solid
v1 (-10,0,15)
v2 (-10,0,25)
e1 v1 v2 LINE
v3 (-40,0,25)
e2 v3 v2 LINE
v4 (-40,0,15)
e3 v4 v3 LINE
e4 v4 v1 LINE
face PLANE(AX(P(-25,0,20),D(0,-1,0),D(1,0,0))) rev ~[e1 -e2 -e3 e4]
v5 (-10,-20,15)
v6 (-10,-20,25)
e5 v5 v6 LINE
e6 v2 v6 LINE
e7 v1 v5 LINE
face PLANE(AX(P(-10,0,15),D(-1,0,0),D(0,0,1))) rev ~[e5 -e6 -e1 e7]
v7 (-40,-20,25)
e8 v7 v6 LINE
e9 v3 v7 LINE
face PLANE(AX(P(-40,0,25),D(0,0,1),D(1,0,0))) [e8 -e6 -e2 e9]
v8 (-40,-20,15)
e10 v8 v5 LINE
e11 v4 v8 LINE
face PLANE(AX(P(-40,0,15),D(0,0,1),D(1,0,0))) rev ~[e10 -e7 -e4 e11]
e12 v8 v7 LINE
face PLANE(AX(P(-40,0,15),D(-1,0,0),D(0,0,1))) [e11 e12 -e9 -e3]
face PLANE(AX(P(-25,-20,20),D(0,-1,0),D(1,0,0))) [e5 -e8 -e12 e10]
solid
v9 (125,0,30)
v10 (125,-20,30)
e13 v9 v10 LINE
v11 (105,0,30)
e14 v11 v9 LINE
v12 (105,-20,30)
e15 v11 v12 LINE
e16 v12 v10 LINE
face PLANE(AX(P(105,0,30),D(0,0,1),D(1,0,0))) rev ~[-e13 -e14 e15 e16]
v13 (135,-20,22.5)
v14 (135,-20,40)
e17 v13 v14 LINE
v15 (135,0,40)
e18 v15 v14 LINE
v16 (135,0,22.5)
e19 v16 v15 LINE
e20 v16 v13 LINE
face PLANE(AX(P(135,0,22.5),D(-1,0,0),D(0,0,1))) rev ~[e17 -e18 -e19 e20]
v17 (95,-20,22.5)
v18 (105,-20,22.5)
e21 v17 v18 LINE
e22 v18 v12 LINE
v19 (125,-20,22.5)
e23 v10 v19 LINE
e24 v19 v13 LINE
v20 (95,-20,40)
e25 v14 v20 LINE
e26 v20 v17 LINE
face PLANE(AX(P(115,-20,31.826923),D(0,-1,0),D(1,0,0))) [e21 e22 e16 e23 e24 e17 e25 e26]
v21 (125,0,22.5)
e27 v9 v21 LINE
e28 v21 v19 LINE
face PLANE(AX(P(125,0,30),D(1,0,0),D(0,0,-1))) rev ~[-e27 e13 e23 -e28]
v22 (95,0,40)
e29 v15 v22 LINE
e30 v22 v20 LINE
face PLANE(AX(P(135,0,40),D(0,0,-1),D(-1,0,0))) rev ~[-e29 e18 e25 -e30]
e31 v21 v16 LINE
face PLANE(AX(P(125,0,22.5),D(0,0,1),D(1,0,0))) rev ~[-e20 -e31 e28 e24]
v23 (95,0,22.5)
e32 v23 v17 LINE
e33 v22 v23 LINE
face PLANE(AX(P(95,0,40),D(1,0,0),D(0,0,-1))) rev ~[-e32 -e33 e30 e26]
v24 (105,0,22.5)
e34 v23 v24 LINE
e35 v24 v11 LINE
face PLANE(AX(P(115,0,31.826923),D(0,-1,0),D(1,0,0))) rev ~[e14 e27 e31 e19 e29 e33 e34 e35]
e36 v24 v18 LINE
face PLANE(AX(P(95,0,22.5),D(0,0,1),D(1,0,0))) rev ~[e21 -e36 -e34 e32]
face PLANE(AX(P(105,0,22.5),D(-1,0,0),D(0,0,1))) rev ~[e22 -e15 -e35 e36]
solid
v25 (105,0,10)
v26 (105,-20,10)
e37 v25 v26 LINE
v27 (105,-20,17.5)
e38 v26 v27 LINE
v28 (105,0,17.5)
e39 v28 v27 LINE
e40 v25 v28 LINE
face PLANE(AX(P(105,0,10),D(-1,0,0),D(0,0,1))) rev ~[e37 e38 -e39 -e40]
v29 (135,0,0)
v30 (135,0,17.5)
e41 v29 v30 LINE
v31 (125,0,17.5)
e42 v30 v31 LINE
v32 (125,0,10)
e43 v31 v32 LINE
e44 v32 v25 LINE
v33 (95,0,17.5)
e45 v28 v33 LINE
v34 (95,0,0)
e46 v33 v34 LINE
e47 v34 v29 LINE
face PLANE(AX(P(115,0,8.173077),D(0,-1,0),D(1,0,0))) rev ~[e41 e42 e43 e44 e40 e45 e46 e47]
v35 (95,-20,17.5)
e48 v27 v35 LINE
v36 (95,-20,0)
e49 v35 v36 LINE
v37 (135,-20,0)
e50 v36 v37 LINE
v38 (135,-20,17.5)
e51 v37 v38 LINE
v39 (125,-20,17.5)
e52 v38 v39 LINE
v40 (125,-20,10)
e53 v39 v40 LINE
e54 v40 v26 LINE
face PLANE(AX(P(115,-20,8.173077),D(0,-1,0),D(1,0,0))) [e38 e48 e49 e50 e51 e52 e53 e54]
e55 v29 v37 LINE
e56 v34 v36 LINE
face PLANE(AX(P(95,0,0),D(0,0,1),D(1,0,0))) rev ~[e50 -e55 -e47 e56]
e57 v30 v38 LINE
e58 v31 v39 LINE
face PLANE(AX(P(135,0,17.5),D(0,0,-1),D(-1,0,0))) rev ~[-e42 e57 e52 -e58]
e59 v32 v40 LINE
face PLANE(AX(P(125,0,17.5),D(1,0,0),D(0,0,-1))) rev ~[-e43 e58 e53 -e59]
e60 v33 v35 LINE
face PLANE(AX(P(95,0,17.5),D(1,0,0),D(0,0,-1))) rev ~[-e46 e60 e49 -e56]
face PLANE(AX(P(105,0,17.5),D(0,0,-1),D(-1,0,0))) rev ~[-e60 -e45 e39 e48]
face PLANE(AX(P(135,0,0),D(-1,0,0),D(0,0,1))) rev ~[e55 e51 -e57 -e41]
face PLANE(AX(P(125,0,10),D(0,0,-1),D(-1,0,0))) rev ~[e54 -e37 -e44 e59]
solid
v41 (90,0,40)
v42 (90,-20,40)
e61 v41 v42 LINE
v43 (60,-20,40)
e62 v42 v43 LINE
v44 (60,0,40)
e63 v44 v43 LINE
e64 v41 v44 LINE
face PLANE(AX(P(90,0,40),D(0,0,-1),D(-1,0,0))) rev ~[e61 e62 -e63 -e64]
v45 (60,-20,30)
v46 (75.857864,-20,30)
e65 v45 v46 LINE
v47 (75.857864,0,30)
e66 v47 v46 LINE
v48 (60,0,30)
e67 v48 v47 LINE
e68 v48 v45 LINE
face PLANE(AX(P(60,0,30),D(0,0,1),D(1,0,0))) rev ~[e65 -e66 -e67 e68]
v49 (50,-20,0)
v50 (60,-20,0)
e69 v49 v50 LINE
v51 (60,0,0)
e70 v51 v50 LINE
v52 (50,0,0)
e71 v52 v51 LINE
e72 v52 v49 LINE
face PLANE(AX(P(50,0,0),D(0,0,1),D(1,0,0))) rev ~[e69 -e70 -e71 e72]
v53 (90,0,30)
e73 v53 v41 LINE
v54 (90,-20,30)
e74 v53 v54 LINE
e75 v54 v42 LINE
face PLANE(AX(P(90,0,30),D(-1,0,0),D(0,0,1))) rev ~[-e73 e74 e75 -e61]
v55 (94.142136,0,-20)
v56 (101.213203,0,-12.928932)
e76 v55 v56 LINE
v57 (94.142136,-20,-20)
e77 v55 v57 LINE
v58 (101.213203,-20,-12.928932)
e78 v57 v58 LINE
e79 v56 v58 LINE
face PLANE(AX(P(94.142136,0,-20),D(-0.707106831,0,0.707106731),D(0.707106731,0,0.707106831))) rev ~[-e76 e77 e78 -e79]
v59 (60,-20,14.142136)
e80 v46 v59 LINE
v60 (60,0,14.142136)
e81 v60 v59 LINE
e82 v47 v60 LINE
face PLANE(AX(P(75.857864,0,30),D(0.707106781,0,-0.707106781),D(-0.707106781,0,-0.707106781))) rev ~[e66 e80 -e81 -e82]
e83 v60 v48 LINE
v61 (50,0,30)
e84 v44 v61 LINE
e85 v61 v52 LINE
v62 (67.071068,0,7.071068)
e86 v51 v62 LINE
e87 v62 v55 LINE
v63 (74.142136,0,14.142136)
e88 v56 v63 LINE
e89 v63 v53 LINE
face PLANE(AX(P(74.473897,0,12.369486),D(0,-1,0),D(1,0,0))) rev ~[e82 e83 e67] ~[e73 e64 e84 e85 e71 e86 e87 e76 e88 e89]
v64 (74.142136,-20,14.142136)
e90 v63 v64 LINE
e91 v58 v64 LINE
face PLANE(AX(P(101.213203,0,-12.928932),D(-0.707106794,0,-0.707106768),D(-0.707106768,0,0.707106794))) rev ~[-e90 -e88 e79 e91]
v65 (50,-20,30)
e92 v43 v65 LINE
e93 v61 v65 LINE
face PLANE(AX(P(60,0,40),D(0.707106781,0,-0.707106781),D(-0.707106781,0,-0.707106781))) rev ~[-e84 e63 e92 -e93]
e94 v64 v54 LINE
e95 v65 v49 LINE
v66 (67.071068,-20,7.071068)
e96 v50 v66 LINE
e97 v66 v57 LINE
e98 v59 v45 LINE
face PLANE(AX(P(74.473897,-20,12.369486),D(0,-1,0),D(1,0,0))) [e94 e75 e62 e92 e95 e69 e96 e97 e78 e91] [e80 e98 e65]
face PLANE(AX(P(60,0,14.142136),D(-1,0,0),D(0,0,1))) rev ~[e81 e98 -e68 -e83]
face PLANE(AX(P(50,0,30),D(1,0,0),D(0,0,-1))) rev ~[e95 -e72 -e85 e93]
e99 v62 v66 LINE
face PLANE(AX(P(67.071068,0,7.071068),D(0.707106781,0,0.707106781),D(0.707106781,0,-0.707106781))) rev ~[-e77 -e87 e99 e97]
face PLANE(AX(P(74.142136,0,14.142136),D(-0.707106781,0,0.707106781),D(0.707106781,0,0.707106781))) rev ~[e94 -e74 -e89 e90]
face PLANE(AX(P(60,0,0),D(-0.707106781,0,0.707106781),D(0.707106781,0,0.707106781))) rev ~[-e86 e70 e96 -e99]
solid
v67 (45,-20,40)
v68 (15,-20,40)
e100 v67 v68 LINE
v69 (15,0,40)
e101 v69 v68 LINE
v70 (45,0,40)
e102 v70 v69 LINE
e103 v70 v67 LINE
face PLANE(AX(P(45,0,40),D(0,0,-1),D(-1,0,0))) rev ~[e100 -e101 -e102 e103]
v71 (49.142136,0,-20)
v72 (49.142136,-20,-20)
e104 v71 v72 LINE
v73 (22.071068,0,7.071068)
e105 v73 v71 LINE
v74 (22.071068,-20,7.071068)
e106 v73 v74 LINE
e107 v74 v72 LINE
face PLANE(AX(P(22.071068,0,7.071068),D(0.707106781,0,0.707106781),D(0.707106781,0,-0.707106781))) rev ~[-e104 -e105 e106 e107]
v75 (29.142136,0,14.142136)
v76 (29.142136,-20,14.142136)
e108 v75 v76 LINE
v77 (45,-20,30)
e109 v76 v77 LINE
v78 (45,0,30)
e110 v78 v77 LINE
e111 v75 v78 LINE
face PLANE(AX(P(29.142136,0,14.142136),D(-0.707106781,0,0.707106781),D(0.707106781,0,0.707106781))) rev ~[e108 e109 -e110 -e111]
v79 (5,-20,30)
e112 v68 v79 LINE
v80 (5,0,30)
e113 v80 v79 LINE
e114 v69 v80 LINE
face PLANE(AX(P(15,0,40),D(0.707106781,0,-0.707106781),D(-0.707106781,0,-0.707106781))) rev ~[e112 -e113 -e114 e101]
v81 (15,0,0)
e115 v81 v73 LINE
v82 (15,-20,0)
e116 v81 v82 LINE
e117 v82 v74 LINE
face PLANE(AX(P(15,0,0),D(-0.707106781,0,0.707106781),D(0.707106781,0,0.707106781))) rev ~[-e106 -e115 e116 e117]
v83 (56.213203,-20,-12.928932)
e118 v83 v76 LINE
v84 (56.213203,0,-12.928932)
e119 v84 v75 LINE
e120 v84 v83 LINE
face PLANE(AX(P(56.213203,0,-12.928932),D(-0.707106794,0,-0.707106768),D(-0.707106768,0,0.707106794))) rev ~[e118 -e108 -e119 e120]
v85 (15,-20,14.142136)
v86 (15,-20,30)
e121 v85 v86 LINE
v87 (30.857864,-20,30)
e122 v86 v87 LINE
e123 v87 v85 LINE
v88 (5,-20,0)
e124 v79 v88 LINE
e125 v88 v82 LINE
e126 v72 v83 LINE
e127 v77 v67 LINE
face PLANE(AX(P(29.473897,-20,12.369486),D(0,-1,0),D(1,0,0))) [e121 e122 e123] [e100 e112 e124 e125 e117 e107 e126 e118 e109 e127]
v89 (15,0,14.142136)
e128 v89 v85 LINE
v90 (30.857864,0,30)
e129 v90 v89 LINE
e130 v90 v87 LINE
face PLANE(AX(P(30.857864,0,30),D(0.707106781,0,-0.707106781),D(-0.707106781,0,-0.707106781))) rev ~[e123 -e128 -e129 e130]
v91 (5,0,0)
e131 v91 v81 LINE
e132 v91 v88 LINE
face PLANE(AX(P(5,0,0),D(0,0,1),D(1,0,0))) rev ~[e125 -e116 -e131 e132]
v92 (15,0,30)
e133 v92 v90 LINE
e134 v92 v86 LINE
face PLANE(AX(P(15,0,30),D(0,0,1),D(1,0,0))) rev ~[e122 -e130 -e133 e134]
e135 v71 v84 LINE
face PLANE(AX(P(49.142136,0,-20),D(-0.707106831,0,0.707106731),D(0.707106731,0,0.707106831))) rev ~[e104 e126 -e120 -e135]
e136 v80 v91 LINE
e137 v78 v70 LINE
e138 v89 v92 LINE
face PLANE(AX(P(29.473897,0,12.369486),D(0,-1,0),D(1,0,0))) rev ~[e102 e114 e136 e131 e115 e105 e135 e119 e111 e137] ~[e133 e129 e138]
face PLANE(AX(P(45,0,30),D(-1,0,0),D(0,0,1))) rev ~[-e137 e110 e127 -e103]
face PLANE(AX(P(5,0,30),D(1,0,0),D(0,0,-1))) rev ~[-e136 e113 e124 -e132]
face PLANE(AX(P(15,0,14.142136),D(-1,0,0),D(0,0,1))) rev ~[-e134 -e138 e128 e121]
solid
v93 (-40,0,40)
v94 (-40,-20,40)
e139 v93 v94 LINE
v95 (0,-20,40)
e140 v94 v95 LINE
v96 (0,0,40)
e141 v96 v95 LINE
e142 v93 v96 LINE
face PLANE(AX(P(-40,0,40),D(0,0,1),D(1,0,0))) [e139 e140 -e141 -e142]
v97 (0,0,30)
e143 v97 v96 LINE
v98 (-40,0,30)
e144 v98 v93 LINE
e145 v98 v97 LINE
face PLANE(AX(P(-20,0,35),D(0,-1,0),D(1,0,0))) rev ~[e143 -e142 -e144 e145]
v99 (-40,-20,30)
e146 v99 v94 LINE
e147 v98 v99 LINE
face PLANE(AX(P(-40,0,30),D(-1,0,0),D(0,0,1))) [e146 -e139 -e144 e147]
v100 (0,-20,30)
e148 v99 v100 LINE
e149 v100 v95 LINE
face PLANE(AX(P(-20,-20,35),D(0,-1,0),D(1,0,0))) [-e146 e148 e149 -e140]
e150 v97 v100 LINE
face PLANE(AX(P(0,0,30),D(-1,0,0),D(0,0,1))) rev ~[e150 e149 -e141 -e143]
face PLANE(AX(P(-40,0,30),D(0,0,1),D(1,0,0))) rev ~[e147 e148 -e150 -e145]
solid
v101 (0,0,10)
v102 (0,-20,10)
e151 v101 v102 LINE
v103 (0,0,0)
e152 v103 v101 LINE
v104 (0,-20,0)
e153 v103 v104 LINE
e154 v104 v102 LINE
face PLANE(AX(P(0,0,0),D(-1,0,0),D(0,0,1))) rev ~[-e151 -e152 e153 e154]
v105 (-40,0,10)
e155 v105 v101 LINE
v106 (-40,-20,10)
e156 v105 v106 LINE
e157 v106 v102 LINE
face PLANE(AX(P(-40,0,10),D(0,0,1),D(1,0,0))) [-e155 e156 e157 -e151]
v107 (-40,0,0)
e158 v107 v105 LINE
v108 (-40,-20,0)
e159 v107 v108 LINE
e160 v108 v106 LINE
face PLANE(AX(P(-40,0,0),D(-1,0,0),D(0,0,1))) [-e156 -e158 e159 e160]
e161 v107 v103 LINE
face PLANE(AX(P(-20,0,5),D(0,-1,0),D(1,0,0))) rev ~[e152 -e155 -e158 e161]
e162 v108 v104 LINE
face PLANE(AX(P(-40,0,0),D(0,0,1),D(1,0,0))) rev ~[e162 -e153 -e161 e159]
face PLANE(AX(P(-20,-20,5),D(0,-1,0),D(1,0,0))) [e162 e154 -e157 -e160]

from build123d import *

# Parameters (mm, degrees)
F0_W     = 40
F0_H     = 10
F0_W_2   = 30
F1_DEPTH = 20


with BuildPart() as f1:
    # F0 (on Front) → F1 (new body)
    with BuildSketch(Plane.XZ):
        with Locations((-20, 35)):
            Rectangle(F0_W, F0_H)
        with Locations((-25, 20)):
            Rectangle(F0_W_2, F0_H)
        with Locations((-20, 5)):
            Rectangle(F0_W, F0_H)
        Polygon((5, 30), (5, 0), (15, 0), (22.071068, 7.071068), (49.142136, -20), (56.213203, -12.928932), (29.142136, 14.142136), (45, 30), (45, 40), (15, 40), align=None)
        Polygon((15, 14.142136), (15, 30), (30.857864, 30), align=None, mode=Mode.SUBTRACT)
        Polygon((50, 30), (50, 0), (60, 0), (67.071068, 7.071068), (94.142136, -20), (101.213203, -12.928932), (74.142136, 14.142136), (90, 30), (90, 40), (60, 40), align=None)
        Polygon((60, 14.142136), (60, 30), (75.857864, 30), align=None, mode=Mode.SUBTRACT)
        Polygon((95, 17.5), (95, 0), (135, 0), (135, 17.5), (125, 17.5), (125, 10), (105, 10), (105, 17.5), align=None)
        Polygon((135, 40), (95, 40), (95, 22.5), (105, 22.5), (105, 30), (125, 30), (125, 22.5), (135, 22.5), align=None)
    extrude(amount=F1_DEPTH)


solid = f1.part
